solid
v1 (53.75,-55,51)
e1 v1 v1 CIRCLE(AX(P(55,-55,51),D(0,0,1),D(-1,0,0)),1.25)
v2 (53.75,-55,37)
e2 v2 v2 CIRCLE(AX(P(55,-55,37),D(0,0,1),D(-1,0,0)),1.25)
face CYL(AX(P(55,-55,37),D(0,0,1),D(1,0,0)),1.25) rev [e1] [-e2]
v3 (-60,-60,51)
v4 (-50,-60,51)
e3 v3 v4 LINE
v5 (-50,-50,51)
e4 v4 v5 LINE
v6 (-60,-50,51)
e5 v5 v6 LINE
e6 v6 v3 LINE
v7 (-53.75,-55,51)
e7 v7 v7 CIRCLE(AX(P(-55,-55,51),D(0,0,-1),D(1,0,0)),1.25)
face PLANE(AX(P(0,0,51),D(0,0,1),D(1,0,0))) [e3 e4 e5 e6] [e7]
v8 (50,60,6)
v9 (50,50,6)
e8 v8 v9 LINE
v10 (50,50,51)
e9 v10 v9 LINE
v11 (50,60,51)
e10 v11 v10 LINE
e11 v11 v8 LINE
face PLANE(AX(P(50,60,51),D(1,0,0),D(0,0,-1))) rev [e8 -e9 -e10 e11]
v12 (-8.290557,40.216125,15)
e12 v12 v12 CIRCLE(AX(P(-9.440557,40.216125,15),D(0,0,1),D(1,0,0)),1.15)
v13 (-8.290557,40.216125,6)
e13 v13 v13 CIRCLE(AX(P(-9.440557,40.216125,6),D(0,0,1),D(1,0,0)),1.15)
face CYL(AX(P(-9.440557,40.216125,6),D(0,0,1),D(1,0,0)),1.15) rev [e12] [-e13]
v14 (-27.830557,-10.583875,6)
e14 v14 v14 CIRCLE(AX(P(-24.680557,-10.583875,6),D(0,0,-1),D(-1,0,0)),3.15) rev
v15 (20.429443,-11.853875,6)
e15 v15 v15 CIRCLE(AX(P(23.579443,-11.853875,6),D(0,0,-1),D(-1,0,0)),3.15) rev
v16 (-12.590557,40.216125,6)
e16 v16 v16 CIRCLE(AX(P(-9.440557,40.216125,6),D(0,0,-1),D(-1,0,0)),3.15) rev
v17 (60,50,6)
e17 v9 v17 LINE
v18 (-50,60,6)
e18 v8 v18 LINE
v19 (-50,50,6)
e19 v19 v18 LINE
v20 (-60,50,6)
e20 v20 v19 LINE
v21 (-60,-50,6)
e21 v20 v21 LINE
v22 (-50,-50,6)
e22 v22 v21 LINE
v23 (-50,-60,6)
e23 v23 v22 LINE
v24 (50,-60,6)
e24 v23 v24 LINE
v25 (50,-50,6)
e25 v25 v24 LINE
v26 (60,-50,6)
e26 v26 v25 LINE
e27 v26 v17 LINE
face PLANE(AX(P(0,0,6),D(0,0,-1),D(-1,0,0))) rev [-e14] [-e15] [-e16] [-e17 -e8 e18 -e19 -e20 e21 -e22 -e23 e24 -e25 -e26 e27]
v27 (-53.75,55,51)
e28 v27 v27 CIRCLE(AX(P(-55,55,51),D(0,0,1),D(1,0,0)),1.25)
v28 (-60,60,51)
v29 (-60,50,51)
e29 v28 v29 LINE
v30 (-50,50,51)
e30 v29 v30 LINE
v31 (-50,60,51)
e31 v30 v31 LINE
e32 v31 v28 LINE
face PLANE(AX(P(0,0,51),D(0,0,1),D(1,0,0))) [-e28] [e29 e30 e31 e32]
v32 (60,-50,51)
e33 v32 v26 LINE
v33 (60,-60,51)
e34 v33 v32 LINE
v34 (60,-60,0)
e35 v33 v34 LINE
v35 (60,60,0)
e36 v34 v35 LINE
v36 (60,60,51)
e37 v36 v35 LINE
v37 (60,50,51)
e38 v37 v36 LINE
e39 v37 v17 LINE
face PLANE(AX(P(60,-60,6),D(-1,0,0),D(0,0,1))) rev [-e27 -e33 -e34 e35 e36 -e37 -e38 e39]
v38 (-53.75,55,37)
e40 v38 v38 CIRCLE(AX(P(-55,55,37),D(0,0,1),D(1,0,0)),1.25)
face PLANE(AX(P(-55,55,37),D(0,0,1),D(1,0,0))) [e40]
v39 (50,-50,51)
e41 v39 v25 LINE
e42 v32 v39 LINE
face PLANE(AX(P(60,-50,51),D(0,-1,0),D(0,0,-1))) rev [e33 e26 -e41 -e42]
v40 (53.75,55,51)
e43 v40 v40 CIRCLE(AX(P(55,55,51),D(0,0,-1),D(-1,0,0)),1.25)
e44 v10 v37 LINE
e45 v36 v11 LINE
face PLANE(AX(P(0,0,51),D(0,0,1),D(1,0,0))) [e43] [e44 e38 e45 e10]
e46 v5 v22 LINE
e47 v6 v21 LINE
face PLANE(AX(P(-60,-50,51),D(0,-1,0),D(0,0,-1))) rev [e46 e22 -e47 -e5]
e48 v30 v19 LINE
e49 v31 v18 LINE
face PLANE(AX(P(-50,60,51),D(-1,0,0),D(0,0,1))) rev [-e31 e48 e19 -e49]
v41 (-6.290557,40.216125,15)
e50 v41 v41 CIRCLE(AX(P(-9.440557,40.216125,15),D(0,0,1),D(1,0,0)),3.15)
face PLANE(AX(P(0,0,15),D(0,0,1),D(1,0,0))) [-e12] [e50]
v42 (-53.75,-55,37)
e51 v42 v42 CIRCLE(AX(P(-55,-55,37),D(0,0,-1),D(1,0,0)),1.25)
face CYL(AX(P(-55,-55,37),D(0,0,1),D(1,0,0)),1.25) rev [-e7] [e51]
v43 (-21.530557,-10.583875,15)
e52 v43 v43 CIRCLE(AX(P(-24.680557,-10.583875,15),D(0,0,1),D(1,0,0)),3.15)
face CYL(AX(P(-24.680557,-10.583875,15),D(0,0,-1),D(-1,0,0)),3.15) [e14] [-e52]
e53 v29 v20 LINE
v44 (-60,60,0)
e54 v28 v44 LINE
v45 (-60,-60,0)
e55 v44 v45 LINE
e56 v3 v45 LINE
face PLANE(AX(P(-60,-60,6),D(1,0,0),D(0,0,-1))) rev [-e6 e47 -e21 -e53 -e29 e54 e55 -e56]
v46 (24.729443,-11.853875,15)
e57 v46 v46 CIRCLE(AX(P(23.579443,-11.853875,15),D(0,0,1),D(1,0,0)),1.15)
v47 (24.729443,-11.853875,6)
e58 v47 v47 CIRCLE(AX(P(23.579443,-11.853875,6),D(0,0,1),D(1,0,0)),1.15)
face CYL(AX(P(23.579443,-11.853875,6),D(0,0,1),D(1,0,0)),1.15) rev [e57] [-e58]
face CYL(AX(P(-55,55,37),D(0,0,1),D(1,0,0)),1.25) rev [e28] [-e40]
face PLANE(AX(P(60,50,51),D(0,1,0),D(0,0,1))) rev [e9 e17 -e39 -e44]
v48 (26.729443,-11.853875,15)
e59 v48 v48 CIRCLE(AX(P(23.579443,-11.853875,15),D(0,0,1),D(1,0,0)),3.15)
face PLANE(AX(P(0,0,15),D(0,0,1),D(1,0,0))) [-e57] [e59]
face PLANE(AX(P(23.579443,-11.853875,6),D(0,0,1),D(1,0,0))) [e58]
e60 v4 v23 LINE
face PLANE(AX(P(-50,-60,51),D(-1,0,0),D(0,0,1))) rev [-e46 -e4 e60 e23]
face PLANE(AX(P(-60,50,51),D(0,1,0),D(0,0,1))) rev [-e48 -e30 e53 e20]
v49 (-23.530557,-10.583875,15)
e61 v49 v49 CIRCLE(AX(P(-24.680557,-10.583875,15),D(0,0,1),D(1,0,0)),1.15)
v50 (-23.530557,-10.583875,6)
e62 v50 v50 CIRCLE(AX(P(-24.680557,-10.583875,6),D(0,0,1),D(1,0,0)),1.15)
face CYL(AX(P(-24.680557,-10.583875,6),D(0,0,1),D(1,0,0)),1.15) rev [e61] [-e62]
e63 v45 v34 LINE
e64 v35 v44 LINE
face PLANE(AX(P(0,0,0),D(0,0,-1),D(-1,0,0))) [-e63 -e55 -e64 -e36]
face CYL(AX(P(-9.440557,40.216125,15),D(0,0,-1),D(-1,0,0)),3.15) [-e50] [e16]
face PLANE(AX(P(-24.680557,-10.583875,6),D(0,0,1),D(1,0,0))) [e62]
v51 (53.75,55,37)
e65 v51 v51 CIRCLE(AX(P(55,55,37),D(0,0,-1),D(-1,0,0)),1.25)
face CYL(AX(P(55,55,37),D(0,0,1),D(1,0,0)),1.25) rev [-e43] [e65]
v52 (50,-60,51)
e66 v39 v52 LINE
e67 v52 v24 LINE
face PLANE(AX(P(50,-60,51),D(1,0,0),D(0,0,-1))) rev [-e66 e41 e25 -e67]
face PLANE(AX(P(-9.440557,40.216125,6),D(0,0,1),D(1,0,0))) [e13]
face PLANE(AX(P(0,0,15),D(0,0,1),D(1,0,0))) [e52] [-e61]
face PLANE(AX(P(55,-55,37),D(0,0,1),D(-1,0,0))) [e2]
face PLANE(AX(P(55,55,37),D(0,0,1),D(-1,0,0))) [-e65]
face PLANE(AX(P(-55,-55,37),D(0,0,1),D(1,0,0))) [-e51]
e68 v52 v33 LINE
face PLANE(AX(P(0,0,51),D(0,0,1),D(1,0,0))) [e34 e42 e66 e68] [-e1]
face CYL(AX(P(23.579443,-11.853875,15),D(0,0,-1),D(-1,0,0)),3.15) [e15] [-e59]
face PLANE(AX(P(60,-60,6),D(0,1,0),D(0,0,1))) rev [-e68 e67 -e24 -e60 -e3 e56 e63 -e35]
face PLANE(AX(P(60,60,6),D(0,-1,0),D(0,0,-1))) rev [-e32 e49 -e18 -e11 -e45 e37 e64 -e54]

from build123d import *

# Parameters (mm, degrees)
SKETCH1_W                                  = 120
SKETCH1_H                                  = 120
BOSS_EXTRUDE1_DEPTH                        = 6
SKETCH2_W                                  = 10
SKETCH2_H                                  = 10
BOSS_EXTRUDE2_DEPTH                        = 45
SKETCH4_R                                  = 1.25
CUT_EXTRUDE1_DEPTH                         = 14
MIRROR1_AT_THE_SECOND_PLANE_COPY_1_SKETC_R = 1.25
MIRROR1_AT_THE_SECOND_PLANE_COPY_1_DEPTH   = 14
SKETCH5_R                                  = 3.15
BOSS_EXTRUDE4_DEPTH                        = 9
SKETCH7_R                                  = 1.15
CUT_EXTRUDE2_DEPTH                         = 9


with BuildPart() as part:
    # Sketch1 → Boss-Extrude1 (new body)
    with BuildSketch(Plane(origin=(0, 0, 0), x_dir=(0, 1, 0), z_dir=(0, 0, 1))):
        Rectangle(SKETCH1_W, SKETCH1_H)
    extrude(amount=BOSS_EXTRUDE1_DEPTH)

    # Sketch2 → Boss-Extrude2 (add)
    with BuildSketch(Plane.XY.offset(6)):
        with Locations((-55, 55)):
            Rectangle(SKETCH2_W, SKETCH2_H)
        with Locations((55, 55)):
            Rectangle(SKETCH2_W, SKETCH2_H)
        with Locations((55, -55)):
            Rectangle(SKETCH2_W, SKETCH2_H)
        with Locations((-55, -55)):
            Rectangle(SKETCH2_W, SKETCH2_H)
    extrude(amount=BOSS_EXTRUDE2_DEPTH)

    # Sketch4 → Cut-Extrude1 (cut)
    with BuildSketch(Plane.XY.offset(51)):
        with Locations((-55, 55)):
            Circle(SKETCH4_R)
    cut_extrude1 = extrude(amount=-CUT_EXTRUDE1_DEPTH, mode=Mode.SUBTRACT)

    # Mirror1: Cut-Extrude1 across plane
    add(cut_extrude1.mirror(Plane.ZX), mode=Mode.SUBTRACT)

    # Mirror1 at the second plane: Cut-Extrude1 across plane
    add(cut_extrude1.mirror(Plane(origin=(0, 0, 0), x_dir=(0, 0, 1), z_dir=(1, 0, 0))), mode=Mode.SUBTRACT)

    # Mirror1 at the second plane copy 1 sketc → Mirror1 at the second plane copy 1 (cut)
    with BuildSketch(Plane(origin=(0, 0, 51), x_dir=(-1, 0, 0), z_dir=(0, 0, 1))):
        with Locations((-55, 55)):
            Circle(MIRROR1_AT_THE_SECOND_PLANE_COPY_1_SKETC_R)
    extrude(amount=-MIRROR1_AT_THE_SECOND_PLANE_COPY_1_DEPTH, mode=Mode.SUBTRACT)

    # Sketch5 → Boss-Extrude4 (add)
    with BuildSketch(Plane.XY.offset(6)):
        with Locations(Location((-9.440556716, 40.216124503, 0), (0, 0, 180))):
            Circle(SKETCH5_R)
        with Locations(Location((-24.680556716, -10.583875497, 0), (0, 0, 180))):
            Circle(SKETCH5_R)
        with Locations(Location((23.579443284, -11.853875497, 0), (0, 0, 180))):
            Circle(SKETCH5_R)
    extrude(amount=BOSS_EXTRUDE4_DEPTH)

    # Sketch7 → Cut-Extrude2 (cut)
    with BuildSketch(Plane(origin=(0, 0, 15), x_dir=(0, -1, 0), z_dir=(0, 0, 1))):
        with Locations(Location((-40.216124503, -9.440556716, 0), (0, 0, 90))):
            Circle(SKETCH7_R)
        with Locations(Location((11.853875497, 23.579443284, 0), (0, 0, 90))):
            Circle(SKETCH7_R)
        with Locations(Location((10.583875497, -24.680556716, 0), (0, 0, 90))):
            Circle(SKETCH7_R)
    extrude(amount=-CUT_EXTRUDE2_DEPTH, mode=Mode.SUBTRACT)


solid = part.part
